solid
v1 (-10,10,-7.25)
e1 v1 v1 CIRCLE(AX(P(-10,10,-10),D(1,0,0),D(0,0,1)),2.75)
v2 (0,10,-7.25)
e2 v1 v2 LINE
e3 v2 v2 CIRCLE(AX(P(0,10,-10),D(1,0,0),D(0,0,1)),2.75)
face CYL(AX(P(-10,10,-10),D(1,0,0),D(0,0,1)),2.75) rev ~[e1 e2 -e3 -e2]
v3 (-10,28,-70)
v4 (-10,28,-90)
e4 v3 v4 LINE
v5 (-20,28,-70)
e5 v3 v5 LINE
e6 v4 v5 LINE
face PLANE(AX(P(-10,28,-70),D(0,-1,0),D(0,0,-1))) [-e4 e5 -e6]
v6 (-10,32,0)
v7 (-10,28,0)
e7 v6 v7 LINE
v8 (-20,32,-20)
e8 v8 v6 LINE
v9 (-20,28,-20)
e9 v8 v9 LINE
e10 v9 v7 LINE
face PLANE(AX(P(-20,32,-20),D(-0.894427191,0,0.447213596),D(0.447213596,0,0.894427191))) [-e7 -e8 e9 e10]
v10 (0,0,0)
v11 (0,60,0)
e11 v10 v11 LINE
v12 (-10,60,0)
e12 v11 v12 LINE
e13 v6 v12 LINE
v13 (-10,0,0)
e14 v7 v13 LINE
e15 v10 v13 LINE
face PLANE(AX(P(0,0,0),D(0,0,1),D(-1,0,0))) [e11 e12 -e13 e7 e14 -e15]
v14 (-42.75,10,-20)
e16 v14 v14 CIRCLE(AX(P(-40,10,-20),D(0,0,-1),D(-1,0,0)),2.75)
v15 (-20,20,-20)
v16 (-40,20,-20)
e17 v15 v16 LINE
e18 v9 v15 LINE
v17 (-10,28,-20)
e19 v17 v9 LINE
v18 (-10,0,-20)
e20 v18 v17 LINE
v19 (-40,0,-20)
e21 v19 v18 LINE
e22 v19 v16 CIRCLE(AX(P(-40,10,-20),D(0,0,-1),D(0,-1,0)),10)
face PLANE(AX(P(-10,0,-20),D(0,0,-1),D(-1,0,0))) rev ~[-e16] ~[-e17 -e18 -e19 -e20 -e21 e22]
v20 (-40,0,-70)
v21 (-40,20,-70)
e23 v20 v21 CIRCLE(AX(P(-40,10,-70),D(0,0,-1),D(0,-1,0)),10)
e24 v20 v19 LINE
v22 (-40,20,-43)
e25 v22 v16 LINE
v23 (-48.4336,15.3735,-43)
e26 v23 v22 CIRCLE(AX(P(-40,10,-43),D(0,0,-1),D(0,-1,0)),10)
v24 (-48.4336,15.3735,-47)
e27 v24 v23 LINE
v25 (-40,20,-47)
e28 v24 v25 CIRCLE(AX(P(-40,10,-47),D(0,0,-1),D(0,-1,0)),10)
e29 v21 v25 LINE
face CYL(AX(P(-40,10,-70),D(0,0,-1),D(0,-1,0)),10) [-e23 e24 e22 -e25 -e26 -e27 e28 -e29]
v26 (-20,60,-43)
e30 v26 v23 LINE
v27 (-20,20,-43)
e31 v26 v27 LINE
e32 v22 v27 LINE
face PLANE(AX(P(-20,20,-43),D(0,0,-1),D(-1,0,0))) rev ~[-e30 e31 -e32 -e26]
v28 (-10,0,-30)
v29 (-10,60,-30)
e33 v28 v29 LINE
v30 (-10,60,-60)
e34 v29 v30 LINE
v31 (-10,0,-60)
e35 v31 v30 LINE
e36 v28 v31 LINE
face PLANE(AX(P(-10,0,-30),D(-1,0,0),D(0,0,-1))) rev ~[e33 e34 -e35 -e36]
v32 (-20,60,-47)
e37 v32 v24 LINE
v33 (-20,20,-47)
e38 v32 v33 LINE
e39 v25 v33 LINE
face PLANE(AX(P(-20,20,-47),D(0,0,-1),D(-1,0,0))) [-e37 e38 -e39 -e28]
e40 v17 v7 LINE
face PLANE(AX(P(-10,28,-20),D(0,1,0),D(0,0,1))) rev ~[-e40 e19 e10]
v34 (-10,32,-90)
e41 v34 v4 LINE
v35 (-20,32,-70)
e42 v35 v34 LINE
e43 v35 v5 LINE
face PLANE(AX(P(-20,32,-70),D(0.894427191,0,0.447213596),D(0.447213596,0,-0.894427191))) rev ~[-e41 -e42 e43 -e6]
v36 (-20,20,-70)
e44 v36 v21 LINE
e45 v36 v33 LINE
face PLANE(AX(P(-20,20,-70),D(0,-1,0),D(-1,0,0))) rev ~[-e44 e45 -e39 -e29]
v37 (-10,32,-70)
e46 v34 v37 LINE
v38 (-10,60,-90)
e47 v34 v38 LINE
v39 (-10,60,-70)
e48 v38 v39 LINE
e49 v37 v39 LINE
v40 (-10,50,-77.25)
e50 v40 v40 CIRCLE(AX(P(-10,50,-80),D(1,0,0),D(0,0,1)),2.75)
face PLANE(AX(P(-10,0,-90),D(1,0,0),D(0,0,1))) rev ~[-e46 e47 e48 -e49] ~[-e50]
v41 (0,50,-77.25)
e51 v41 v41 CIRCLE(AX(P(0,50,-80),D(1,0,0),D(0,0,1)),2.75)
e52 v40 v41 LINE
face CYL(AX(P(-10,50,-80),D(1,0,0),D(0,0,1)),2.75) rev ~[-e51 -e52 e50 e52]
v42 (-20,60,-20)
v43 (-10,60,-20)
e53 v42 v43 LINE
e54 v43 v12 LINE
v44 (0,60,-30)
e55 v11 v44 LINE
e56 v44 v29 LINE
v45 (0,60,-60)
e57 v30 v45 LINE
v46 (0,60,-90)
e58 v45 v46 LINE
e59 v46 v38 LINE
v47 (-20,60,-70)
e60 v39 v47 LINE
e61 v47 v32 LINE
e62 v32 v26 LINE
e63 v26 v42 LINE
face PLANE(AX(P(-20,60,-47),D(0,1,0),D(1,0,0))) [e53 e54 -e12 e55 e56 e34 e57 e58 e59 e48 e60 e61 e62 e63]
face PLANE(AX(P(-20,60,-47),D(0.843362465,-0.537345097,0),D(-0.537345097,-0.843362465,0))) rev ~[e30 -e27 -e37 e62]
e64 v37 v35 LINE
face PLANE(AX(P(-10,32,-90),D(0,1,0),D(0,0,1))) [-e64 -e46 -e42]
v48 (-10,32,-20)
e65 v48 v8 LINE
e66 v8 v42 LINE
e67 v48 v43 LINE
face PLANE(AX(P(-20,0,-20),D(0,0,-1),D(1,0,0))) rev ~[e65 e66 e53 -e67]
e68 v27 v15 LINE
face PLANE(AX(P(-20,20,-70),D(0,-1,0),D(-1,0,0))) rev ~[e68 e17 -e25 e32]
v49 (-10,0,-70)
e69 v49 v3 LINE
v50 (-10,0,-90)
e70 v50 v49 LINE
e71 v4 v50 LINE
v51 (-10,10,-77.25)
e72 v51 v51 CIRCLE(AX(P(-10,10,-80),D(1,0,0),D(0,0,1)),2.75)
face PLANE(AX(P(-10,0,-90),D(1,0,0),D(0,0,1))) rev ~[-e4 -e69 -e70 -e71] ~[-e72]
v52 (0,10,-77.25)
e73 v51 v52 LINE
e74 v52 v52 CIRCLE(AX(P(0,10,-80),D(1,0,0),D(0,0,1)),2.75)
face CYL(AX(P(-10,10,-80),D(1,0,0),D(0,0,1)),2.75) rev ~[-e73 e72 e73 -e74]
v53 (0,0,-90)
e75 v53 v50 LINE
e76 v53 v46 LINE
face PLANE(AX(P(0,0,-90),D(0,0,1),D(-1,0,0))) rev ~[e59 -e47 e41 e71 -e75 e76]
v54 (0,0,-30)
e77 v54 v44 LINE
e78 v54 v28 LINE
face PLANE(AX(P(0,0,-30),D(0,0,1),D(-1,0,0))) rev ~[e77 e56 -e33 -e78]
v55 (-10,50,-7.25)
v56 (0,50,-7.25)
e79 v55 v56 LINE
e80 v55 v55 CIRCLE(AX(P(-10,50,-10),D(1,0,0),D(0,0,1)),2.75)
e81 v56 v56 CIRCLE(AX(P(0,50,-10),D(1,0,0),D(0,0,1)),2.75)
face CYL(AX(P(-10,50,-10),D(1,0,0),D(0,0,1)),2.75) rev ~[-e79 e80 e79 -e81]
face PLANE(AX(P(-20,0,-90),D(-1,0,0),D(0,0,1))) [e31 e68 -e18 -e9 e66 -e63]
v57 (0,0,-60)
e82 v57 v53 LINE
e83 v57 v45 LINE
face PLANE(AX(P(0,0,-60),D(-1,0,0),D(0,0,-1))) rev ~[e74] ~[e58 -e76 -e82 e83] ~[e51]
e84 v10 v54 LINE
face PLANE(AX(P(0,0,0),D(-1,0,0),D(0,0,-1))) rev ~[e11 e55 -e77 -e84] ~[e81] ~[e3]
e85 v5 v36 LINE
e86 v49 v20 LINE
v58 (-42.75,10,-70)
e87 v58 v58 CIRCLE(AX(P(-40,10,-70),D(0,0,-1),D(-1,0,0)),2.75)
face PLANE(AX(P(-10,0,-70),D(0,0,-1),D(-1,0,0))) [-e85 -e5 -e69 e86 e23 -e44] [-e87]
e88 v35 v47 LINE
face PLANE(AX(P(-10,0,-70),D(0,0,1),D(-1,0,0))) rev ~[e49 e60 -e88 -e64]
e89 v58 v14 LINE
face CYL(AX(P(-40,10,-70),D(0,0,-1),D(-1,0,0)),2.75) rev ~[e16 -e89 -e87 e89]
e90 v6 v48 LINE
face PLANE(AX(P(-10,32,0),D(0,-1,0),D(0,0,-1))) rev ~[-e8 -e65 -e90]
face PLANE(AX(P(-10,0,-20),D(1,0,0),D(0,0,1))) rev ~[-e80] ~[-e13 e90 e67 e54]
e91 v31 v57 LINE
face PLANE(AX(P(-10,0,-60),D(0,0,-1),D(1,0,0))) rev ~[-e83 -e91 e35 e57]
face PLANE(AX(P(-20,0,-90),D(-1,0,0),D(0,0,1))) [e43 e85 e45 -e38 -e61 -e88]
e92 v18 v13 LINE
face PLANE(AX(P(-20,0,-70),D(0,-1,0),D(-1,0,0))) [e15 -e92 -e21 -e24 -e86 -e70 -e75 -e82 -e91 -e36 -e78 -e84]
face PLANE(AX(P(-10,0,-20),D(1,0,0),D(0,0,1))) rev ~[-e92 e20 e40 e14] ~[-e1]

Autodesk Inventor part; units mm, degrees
ref_plane "YZ Plane" through (0, 0, 0) normal (1, 0, 0) x (0, 1, 0)
ref_plane "XZ Plane" through (0, 0, 0) normal (0, 1, 0) x (-1, 0, 0)
sketch "Sketch1" plane through (0, 0, 0) normal (0, 1, 0) x (-1, 0, 0)
  line L0 (0, 0) -> (10, 0)
  line L1 (0, 0) -> (0, -30)
  line L2 (0, -30) -> (10, -30)
  line L3 (10, -30) -> (10, -60)
  line L4 (10, -60) -> (0, -60)
  line L5 (0, -60) -> (0, -90)
  line L6 (0, -90) -> (10, -90)
  line L7 (10, -90) -> (10, -70)
  line L8 (10, -70) -> (20, -70)
  line L9 (20, -70) -> (20, -20)
  line L10 (20, -20) -> (10, -20)
  line L11 (10, -20) -> (10, 0)
  dimension "d0" = 10
  dimension "d1" = 30
  dimension "d2" = 10
  dimension "d3" = 30
  dimension "d4" = 10
  dimension "d5" = 30
  dimension "d6" = 10
  dimension "d7" = 20
  dimension "d8" = 10
  dimension "d9" = 50
extrude "Extrusion1" add sketch "Sketch1" along normal blind 60
sketch "Sketch2" plane through (-10, 0, -90) normal (-1, 0, 0) x (0, 0, 1)
  line L0 (30, 60) -> (0, 60) projected
  line L1 (0, 60) -> (0, 32)
  line L2 (0, 0) -> (0, 60) projected
  line L3 (0, 32) -> (20, 32)
  line L4 (20, 32) -> (20, 28)
  line L5 (20, 28) -> (0, 28)
  line L6 (0, 28) -> (0, 32)
  line L7 (60, 60) -> (30, 60) projected
  line L8 (45, 60) -> (45, 0)
  line L9 (60, 0) -> (30, 0) projected
  line L10 (90, 0) -> (90, 60)
  line L11 (90, 32) -> (70, 32)
  line L12 (70, 32) -> (70, 28)
  line L13 (70, 28) -> (90, 28)
  line L14 (90, 28) -> (90, 32)
  dimension "d12" = 28
  dimension "d13" = 20
  dimension "d14" = 4
extrude "Extrusion2" add sketch "Sketch2" along normal blind 10
sketch "Sketch3" plane through (-10, 32, -70) normal (0, 1, 0) x (1, 0, 0)
  line L0 (-10, 0) -> (-10, -50) projected
  line L1 (10, 20) -> (0, 20) projected
  line L2 (-10, 0) -> (0, 20)
  line L3 (0, 20) -> (-10, 20)
  line L4 (-10, 0) -> (-10, 20) projected
  line L5 (-10, 20) -> (-10, 0)
  line L6 (-10, -50) -> (0, -50) projected
  line L7 (0, -70) -> (10, -70) projected
  line L8 (-10, -50) -> (0, -70)
  line L9 (0, -70) -> (-10, -70)
  line L10 (-10, -70) -> (-10, -50)
extrude "Extrusion3" cut sketch "Sketch3" against normal blind 10
sketch "Sketch4" plane through (-10, 0, -70) normal (0, 0, -1) x (-1, 0, 0)
  line L0 (0, 32) -> (0, 60) projected
  line L1 (0, 60) -> (0, 10)
  line L2 (0, 10) -> (30, 10) construction
  circle A0 centre (30, 10) radius 2.75
  arc A1 (30, 0) -> (30, 20) centre (30, 10) ccw
  line L3 (10, 0) -> (0, 0) projected
  line L4 (0, 0) -> (30, 0)
  line L5 (0, 0) -> (0, 28) projected
  line L6 (0, 0) -> (0, 20)
  line L7 (0, 20) -> (30, 20)
  line L8 (10, 0) -> (10, 28) projected
  line L9 (10, 20) -> (10, 0)
  point P0 (-10, 0)
  dimension "d19" = 50
  dimension "d20" = 30
  dimension "d21" = 5.5
  dimension "d22" = 20
extrude "Extrusion4" add sketch "Sketch4" against normal blind 50 contours L7 A1 L4 L8
ref_plane "Work Plane1" through (-20, 20, -47) normal (0, 0, -1) x (-1, 0, 0)
sketch "Sketch6" plane through (-20, 20, -47) normal (0, 0, -1) x (-1, 0, 0)
  line L0 (0, 40) -> (-10, 40) projected
  line L1 (0, 40) -> (28.4336, -4.6265)
  arc A0 (20, -20) -> (20, 0) centre (20, -10) ccw projected
  arc A1 (20, -20) -> (20, 0) centre (20, -10) ccw projected
  line L2 (28.4336, -4.6265) -> (-1.843, -4.6265)
  line L3 (-20, -20) -> (-20, 40) projected
  line L4 (-1.843, -4.6265) -> (-1.843, 40)
extrude "Extrusion6" add sketch "Sketch6" against normal blind 4
sketch "Sketch7" plane through (-10, 60, -90) normal (-1, 0, 0) x (0, 0, 1)
  line L0 (90, -28) -> (90, 0) projected
  line L1 (70, 0) -> (90, 0) projected
  line L2 (70, -60) -> (90, -60) projected
  line L3 (90, -60) -> (90, -32) projected
  line L4 (0, -60) -> (0, -32) projected
  line L5 (0, -60) -> (20, -60) projected
  line L6 (0, -28) -> (0, 0) projected
  line L7 (0, 0) -> (20, 0) projected
  point P0 (10, -10)
  point P1 (10, -50)
  point P2 (80, -50)
  point P3 (80, -10)
  dimension "d39" = 10
  dimension "d40" = 10
  dimension "d41" = 10
  dimension "d42" = 10
  dimension "d43" = 10
  dimension "d44" = 10
  dimension "d45" = 10
  dimension "d46" = 10
hole "Hole1" at (-10, 50, -80) at (-10, 10, -80) at (-10, 10, -10) at (-10, 50, -10) direction (1, 0, 0) diameter 5.5 end through all
properties part number "MMAE 232 Assignment 1d-Nicholas Skiba" material "Aluminum 6061"
